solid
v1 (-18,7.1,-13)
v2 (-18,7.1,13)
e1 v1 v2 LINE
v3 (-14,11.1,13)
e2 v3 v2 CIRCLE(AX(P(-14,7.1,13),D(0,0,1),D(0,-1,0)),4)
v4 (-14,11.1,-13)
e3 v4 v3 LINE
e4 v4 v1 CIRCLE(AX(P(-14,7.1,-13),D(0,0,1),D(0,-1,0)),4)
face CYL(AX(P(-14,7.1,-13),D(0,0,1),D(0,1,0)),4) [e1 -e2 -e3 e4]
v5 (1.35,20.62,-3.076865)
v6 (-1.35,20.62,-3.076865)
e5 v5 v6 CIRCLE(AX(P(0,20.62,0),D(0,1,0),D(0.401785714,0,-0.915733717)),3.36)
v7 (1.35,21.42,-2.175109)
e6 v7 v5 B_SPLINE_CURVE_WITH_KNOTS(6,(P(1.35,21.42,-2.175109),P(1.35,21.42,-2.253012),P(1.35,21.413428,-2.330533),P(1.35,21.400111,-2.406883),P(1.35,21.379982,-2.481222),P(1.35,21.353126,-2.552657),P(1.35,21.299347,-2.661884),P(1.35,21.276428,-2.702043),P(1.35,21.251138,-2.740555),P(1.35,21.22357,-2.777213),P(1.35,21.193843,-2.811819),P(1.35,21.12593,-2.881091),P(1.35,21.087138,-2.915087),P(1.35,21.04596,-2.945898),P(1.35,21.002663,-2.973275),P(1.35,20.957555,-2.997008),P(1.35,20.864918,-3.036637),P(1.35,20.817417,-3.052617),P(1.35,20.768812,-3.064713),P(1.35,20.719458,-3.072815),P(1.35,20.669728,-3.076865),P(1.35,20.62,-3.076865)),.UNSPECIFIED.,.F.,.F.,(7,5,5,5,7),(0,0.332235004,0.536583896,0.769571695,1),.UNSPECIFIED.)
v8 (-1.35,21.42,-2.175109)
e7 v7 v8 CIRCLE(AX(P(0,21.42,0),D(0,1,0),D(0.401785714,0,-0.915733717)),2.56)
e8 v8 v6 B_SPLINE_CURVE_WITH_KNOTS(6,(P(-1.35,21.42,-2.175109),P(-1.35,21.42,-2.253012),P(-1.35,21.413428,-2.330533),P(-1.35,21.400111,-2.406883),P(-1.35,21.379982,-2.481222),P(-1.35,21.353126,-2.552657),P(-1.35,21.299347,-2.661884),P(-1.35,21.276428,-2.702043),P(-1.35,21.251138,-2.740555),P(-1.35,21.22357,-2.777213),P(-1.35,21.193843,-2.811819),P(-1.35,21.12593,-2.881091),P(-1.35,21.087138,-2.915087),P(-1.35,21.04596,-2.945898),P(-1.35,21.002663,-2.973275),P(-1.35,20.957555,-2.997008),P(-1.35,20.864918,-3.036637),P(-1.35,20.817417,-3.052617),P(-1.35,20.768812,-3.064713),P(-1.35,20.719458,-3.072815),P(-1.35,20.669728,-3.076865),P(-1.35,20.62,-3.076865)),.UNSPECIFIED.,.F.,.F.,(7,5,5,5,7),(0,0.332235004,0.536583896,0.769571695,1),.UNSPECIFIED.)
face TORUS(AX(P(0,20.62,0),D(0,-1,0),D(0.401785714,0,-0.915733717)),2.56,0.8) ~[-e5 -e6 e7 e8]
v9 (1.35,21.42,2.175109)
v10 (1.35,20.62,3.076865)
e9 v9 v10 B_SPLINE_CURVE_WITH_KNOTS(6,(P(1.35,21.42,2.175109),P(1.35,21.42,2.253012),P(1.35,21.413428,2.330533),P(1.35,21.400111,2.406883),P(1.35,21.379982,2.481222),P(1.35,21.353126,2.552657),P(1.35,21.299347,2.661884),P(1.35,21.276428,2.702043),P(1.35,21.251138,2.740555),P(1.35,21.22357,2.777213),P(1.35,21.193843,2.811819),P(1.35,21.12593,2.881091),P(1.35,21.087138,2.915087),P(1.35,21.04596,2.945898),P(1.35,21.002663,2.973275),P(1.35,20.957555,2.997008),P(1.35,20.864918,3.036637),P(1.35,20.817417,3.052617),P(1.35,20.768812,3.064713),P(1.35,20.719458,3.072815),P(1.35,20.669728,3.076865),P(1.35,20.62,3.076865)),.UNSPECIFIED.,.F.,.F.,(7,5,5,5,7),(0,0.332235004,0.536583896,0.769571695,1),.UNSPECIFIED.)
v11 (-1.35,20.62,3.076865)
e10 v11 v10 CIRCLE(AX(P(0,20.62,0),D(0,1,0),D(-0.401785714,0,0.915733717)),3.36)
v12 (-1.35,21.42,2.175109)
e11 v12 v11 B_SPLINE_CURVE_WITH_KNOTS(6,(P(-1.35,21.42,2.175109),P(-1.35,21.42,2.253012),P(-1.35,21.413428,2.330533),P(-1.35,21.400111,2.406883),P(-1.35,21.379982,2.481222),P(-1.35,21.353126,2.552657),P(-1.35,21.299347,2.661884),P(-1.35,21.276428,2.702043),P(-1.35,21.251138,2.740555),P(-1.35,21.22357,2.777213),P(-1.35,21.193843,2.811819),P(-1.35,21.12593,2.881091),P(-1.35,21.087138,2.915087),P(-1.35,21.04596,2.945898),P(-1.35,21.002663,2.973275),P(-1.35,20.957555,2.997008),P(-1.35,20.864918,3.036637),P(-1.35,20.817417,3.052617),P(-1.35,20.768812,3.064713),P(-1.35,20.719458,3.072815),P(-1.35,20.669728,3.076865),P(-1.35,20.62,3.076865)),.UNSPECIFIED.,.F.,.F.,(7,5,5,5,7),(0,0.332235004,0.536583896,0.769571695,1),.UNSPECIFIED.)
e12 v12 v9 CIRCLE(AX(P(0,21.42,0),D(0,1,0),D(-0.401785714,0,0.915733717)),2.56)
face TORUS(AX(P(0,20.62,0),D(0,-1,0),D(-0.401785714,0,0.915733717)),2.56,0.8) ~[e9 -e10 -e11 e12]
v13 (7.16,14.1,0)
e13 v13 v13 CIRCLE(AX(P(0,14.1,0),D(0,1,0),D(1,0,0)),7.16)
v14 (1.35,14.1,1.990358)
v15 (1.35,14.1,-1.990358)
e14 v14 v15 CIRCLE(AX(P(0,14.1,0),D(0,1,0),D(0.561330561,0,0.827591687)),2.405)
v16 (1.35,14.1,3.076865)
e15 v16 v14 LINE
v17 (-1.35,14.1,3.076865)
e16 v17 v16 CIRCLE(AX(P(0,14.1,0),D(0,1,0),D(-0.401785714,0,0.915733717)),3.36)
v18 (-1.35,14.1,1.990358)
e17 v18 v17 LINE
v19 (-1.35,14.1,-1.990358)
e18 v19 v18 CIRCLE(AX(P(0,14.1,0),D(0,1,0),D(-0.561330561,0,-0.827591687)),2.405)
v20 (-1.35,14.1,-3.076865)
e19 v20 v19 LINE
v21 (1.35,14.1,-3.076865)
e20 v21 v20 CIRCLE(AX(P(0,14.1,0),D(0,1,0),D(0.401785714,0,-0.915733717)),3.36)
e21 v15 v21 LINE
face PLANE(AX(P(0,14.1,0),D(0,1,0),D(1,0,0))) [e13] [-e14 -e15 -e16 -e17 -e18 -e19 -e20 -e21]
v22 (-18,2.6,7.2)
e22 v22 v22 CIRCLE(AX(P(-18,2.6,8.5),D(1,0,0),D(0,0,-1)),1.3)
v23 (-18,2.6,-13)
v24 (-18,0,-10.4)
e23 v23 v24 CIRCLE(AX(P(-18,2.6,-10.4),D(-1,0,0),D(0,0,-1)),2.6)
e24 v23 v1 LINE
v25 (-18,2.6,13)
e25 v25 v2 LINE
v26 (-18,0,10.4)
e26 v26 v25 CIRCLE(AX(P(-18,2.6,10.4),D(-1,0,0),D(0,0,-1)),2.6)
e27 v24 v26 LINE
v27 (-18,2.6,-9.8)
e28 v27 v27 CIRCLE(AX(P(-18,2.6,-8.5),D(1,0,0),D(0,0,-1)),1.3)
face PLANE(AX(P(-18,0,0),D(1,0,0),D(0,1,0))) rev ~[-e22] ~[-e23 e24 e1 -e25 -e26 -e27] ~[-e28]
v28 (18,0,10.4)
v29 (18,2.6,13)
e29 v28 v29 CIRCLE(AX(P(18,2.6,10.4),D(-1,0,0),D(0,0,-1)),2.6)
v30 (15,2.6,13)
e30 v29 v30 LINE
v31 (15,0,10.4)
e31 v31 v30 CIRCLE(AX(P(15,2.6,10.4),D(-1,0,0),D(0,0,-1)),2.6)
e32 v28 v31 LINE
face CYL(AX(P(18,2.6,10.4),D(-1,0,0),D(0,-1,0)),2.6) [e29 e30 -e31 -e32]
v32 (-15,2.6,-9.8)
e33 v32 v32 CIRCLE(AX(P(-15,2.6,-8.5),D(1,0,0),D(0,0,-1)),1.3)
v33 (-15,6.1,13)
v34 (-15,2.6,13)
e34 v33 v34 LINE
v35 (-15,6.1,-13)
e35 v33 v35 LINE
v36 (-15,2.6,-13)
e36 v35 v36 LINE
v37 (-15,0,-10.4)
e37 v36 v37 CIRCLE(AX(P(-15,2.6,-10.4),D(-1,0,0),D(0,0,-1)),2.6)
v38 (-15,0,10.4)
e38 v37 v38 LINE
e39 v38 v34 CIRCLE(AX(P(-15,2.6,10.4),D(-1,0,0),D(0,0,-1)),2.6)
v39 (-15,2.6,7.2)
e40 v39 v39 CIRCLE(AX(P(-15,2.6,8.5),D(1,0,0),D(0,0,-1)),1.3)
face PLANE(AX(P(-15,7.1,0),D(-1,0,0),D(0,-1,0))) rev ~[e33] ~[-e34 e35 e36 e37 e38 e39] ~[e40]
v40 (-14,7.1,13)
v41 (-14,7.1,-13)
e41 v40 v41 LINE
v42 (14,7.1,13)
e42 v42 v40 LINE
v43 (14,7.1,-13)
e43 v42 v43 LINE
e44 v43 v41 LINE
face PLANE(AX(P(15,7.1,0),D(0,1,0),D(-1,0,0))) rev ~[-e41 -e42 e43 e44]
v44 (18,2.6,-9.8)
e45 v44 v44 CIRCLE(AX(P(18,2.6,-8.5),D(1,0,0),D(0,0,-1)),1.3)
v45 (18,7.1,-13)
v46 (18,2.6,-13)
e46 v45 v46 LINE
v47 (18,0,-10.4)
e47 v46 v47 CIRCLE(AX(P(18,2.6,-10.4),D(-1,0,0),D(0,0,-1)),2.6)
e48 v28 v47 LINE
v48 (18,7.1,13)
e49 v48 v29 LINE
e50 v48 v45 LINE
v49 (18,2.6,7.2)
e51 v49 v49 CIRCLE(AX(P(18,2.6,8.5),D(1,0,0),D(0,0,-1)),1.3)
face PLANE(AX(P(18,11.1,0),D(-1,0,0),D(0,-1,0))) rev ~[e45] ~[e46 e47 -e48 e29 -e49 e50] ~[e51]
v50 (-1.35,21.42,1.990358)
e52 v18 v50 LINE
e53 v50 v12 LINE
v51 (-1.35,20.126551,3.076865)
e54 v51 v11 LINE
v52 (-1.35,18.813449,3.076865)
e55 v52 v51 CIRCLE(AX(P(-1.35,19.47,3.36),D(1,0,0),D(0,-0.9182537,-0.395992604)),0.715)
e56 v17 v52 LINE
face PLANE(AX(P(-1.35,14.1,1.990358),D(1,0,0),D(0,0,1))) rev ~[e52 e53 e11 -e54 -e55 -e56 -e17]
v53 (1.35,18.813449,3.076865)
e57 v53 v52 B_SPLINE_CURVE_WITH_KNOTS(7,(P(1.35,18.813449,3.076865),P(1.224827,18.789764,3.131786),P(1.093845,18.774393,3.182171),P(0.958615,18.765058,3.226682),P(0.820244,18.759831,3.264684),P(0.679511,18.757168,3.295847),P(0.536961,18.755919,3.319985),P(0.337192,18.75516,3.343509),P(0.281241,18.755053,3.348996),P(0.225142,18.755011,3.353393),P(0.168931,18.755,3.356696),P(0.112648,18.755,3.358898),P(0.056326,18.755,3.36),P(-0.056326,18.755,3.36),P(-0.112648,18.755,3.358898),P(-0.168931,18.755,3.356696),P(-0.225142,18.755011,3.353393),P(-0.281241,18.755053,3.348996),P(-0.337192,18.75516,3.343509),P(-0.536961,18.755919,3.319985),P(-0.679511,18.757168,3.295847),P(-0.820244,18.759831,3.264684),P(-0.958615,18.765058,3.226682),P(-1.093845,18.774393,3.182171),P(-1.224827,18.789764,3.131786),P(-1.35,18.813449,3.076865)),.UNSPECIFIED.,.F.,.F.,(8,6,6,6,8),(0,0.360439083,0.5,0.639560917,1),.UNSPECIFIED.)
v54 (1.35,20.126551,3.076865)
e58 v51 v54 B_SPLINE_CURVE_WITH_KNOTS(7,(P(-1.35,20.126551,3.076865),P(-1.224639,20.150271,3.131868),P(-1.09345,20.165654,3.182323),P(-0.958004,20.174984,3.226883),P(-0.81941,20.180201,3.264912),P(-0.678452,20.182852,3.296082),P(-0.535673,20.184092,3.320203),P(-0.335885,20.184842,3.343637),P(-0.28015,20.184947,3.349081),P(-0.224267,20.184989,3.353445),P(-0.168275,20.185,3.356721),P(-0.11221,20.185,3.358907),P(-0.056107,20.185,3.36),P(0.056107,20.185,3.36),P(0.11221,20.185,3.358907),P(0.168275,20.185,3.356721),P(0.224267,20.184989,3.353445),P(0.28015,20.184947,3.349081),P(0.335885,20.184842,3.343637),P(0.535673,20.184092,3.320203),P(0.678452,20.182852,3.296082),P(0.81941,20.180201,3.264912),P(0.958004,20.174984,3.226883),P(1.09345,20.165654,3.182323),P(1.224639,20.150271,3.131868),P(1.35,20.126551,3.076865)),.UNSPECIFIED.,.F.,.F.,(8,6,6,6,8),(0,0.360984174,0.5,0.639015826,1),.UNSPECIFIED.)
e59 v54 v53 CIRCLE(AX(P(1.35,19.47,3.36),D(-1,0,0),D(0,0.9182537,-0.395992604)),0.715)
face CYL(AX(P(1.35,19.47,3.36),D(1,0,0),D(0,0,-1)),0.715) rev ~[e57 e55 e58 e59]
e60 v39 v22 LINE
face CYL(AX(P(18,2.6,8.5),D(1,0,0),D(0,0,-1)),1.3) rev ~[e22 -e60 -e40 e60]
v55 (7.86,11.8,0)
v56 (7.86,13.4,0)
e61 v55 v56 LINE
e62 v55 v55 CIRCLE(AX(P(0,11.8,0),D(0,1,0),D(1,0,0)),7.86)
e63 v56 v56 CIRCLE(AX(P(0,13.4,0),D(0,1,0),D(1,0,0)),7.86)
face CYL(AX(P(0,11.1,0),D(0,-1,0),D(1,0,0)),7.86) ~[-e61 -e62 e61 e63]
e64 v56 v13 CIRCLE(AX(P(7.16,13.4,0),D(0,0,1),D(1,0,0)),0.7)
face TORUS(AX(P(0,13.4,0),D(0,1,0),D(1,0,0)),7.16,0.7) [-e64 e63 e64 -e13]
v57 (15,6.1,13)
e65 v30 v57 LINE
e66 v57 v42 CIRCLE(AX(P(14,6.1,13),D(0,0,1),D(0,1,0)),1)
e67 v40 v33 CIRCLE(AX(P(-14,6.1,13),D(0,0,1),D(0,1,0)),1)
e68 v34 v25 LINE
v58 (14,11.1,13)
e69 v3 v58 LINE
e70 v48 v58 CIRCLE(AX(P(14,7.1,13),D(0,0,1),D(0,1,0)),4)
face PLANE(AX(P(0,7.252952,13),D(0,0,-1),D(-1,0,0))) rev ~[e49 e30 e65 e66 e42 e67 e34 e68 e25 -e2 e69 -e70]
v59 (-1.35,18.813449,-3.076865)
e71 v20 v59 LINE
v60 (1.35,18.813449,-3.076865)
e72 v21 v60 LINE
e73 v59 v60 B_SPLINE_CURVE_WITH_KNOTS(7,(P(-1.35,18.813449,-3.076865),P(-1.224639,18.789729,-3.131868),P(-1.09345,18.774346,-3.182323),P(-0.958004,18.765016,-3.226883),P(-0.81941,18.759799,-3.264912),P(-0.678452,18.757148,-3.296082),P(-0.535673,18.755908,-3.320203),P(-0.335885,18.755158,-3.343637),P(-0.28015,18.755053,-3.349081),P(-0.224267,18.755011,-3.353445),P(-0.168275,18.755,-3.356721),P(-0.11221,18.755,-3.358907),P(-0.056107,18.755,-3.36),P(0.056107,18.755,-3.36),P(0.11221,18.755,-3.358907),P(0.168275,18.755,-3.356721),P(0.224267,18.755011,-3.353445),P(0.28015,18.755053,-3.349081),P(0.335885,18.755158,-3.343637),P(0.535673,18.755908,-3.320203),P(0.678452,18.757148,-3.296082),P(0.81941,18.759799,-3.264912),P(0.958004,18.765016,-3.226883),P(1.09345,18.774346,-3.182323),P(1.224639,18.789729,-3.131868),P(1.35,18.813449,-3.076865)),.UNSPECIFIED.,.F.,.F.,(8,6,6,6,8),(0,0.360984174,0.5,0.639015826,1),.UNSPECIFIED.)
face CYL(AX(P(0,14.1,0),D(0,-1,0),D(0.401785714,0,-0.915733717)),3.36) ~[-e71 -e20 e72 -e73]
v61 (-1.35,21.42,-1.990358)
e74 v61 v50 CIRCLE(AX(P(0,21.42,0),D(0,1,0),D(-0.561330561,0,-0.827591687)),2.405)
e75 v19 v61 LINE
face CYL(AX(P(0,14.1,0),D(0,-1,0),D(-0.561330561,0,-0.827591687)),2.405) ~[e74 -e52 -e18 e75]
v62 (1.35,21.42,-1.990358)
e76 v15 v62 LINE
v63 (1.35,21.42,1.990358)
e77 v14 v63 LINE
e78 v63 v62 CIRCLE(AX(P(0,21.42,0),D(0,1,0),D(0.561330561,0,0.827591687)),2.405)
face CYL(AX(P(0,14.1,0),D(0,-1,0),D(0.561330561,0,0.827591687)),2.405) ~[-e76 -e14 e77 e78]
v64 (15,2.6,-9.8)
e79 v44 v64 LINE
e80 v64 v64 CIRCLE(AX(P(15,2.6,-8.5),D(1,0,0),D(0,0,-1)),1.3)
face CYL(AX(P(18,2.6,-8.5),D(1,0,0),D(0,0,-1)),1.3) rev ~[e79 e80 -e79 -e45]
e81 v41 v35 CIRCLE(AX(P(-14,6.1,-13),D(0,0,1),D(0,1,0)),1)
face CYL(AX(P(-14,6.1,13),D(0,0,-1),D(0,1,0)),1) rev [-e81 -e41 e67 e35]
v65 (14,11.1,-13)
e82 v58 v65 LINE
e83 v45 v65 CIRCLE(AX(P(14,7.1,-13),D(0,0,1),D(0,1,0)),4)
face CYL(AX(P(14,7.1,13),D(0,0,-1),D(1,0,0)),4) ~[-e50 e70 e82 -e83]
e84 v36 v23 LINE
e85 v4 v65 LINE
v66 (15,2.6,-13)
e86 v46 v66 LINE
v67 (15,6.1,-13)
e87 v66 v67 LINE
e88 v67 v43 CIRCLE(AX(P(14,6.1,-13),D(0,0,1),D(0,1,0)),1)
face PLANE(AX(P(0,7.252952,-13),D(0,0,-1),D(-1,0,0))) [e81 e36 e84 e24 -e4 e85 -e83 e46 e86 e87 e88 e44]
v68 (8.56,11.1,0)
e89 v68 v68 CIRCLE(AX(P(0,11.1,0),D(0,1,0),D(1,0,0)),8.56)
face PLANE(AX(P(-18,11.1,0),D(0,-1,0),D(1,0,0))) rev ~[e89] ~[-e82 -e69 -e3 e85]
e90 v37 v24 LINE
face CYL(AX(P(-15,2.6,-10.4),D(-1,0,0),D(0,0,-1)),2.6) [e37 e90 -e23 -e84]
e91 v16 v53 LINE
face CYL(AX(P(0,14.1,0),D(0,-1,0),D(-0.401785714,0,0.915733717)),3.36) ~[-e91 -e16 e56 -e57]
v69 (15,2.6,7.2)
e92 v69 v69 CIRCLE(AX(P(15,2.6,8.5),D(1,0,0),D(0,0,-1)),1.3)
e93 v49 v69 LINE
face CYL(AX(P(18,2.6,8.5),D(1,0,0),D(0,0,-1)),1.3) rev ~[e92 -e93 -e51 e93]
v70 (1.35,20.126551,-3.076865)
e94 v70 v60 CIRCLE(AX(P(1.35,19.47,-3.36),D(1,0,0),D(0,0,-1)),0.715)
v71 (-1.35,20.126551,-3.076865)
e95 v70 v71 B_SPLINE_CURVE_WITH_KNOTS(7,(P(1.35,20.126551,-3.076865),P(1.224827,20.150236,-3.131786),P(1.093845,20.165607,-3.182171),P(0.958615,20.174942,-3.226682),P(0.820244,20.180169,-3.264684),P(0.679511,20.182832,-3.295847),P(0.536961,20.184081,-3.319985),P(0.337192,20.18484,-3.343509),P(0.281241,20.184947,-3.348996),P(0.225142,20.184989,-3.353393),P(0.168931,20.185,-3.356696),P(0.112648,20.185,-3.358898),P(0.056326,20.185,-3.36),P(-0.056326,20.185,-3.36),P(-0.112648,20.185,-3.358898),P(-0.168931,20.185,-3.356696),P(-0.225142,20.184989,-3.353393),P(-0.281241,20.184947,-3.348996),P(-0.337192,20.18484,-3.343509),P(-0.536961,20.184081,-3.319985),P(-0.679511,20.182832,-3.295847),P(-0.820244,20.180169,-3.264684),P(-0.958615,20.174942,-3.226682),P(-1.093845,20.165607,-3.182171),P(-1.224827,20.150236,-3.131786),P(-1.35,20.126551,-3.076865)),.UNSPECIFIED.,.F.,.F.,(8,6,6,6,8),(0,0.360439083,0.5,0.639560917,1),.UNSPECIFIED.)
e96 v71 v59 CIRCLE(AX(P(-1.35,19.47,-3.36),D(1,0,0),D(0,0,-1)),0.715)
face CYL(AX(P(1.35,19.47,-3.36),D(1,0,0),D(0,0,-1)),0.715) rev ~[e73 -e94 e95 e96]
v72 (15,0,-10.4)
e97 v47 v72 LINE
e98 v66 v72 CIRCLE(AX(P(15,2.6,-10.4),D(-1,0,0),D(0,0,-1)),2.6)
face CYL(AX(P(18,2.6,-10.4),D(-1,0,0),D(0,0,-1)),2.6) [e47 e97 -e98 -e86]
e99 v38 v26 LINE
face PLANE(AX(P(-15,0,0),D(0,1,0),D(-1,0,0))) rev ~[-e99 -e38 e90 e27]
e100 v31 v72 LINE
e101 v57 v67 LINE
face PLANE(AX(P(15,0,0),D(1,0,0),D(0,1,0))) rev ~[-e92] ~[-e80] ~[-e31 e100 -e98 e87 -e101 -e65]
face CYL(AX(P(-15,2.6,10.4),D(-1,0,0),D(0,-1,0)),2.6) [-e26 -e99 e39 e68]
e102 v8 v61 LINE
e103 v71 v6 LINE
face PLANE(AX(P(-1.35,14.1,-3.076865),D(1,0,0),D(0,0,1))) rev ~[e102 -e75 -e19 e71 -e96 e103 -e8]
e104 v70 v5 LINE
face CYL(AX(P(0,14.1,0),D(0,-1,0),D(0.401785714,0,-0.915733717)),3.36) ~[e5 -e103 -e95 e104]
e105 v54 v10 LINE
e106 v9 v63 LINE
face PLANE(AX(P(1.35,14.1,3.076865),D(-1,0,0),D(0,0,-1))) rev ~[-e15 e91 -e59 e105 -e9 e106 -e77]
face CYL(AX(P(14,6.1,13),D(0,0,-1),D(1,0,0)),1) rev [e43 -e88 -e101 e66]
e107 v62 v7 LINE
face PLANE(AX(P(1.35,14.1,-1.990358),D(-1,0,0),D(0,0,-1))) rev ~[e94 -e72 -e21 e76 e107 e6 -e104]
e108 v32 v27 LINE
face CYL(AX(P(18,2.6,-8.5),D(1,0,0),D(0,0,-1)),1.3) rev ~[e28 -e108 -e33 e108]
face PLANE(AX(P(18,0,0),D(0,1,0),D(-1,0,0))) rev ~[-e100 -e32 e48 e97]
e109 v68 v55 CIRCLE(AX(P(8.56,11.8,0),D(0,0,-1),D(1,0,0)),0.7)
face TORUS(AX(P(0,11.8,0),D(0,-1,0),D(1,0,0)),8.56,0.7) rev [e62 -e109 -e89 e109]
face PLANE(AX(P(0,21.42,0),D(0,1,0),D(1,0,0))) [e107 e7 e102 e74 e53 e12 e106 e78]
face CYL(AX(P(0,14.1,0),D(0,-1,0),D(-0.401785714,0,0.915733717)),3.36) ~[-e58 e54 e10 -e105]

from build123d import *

# Parameters (mm, degrees)
BOSS_EXTRUDE1_DEPTH = 13
SKETCH2_R           = 1.3
CUT_EXTRUDE1_DEPTH  = 37
FILLET1_R           = 1
FILLET2_R           = 2.6
FILLET3_R           = 4
SKETCH3_R           = 7.86
BOSS_EXTRUDE2_DEPTH = 3
FILLET4_R           = 0.7
BOSS_EXTRUDE3_DEPTH = 7.32
SKETCH6_R           = 0.715
CUT_EXTRUDE2_DEPTH  = 20.35
FILLET5_R           = 0.8


with BuildPart() as part:
    # Sketch1 → Boss-Extrude1 (new body, symmetric)
    with BuildSketch(Plane.XY):
        Polygon((-18, 11.1), (18, 11.1), (18, 0), (15, 0), (15, 7.1), (-15, 7.1), (-15, 0), (-18, 0), align=None)
    extrude(amount=BOSS_EXTRUDE1_DEPTH, both=True)

    # Sketch2 → Cut-Extrude1 (cut, through all)
    with BuildSketch(Plane(origin=(18, 0, 0), x_dir=(0, 0, -1), z_dir=(1, 0, 0))):
        with Locations((-8.5, 2.6)):
            Circle(SKETCH2_R)
        with Locations((8.5, 2.6)):
            Circle(SKETCH2_R)
    extrude(amount=-CUT_EXTRUDE1_DEPTH, mode=Mode.SUBTRACT)

    # Fillet1
    fillet1_edges = [part.edges().sort_by_distance(p)[0] for p in [
        (15, 7.1, 0),
        (-15, 7.1, 0),
    ]]
    fillet(fillet1_edges, radius=FILLET1_R)

    # Fillet2
    fillet2_edges = [part.edges().sort_by_distance(p)[0] for p in [
        (-16.5, 0, -13),
        (16.5, 0, 13),
        (-16.5, 0, 13),
        (16.5, 0, -13),
    ]]
    fillet(fillet2_edges, radius=FILLET2_R)

    # Fillet3
    fillet3_edges = [part.edges().sort_by_distance(p)[0] for p in [
        (-18, 11.1, 0),
        (18, 11.1, 0),
    ]]
    fillet(fillet3_edges, radius=FILLET3_R)

    # Sketch3 → Boss-Extrude2 (add)
    with BuildSketch(Plane(origin=(0, 11.1, 0), x_dir=(1, 0, 0), z_dir=(0, 1, 0))):
        Circle(SKETCH3_R)
    extrude(amount=BOSS_EXTRUDE2_DEPTH)

    # Fillet4
    fillet4_edges = [part.edges().sort_by_distance(p)[0] for p in [
        (-7.86, 11.1, 0),
        (-7.86, 14.1, 0),
    ]]
    fillet(fillet4_edges, radius=FILLET4_R)

    # Sketch5 → Boss-Extrude3 (add)
    with BuildSketch(Plane(origin=(0, 14.1, 0), x_dir=(1, 0, 0), z_dir=(0, 1, 0))):
        with BuildLine():
            Line((1.35, 1.990358008), (1.35, 3.076865288))
            ThreePointArc((1.35, 3.076865288), (0, 3.36), (-1.35, 3.076865288))
            Line((-1.35, 3.076865288), (-1.35, 1.990358008))
            ThreePointArc((-1.35, 1.990358008), (-2.405, 0), (-1.35, -1.990358008))
            Line((-1.35, -1.990358008), (-1.35, -3.076865288))
            ThreePointArc((-1.35, -3.076865288), (0, -3.36), (1.35, -3.076865288))
            Line((1.35, -3.076865288), (1.35, -1.990358008))
            ThreePointArc((1.35, -1.990358008), (2.405, 0), (1.35, 1.990358008))
        make_face()
    extrude(amount=BOSS_EXTRUDE3_DEPTH)

    # Sketch6 → Cut-Extrude2 (cut, through all)
    with BuildSketch(Plane(origin=(1.35, 0, 0), x_dir=(0, 0, -1), z_dir=(1, 0, 0))):
        with Locations((-3.36, 19.47)):
            Circle(SKETCH6_R)
        with Locations((3.36, 19.47)):
            Circle(SKETCH6_R)
    extrude(amount=-CUT_EXTRUDE2_DEPTH, mode=Mode.SUBTRACT)

    # Fillet5
    fillet5_edges = [part.edges().sort_by_distance(p)[0] for p in [
        (0, 21.42, 3.36),
        (0, 21.42, -3.36),
    ]]
    fillet(fillet5_edges, radius=FILLET5_R)


solid = part.part
